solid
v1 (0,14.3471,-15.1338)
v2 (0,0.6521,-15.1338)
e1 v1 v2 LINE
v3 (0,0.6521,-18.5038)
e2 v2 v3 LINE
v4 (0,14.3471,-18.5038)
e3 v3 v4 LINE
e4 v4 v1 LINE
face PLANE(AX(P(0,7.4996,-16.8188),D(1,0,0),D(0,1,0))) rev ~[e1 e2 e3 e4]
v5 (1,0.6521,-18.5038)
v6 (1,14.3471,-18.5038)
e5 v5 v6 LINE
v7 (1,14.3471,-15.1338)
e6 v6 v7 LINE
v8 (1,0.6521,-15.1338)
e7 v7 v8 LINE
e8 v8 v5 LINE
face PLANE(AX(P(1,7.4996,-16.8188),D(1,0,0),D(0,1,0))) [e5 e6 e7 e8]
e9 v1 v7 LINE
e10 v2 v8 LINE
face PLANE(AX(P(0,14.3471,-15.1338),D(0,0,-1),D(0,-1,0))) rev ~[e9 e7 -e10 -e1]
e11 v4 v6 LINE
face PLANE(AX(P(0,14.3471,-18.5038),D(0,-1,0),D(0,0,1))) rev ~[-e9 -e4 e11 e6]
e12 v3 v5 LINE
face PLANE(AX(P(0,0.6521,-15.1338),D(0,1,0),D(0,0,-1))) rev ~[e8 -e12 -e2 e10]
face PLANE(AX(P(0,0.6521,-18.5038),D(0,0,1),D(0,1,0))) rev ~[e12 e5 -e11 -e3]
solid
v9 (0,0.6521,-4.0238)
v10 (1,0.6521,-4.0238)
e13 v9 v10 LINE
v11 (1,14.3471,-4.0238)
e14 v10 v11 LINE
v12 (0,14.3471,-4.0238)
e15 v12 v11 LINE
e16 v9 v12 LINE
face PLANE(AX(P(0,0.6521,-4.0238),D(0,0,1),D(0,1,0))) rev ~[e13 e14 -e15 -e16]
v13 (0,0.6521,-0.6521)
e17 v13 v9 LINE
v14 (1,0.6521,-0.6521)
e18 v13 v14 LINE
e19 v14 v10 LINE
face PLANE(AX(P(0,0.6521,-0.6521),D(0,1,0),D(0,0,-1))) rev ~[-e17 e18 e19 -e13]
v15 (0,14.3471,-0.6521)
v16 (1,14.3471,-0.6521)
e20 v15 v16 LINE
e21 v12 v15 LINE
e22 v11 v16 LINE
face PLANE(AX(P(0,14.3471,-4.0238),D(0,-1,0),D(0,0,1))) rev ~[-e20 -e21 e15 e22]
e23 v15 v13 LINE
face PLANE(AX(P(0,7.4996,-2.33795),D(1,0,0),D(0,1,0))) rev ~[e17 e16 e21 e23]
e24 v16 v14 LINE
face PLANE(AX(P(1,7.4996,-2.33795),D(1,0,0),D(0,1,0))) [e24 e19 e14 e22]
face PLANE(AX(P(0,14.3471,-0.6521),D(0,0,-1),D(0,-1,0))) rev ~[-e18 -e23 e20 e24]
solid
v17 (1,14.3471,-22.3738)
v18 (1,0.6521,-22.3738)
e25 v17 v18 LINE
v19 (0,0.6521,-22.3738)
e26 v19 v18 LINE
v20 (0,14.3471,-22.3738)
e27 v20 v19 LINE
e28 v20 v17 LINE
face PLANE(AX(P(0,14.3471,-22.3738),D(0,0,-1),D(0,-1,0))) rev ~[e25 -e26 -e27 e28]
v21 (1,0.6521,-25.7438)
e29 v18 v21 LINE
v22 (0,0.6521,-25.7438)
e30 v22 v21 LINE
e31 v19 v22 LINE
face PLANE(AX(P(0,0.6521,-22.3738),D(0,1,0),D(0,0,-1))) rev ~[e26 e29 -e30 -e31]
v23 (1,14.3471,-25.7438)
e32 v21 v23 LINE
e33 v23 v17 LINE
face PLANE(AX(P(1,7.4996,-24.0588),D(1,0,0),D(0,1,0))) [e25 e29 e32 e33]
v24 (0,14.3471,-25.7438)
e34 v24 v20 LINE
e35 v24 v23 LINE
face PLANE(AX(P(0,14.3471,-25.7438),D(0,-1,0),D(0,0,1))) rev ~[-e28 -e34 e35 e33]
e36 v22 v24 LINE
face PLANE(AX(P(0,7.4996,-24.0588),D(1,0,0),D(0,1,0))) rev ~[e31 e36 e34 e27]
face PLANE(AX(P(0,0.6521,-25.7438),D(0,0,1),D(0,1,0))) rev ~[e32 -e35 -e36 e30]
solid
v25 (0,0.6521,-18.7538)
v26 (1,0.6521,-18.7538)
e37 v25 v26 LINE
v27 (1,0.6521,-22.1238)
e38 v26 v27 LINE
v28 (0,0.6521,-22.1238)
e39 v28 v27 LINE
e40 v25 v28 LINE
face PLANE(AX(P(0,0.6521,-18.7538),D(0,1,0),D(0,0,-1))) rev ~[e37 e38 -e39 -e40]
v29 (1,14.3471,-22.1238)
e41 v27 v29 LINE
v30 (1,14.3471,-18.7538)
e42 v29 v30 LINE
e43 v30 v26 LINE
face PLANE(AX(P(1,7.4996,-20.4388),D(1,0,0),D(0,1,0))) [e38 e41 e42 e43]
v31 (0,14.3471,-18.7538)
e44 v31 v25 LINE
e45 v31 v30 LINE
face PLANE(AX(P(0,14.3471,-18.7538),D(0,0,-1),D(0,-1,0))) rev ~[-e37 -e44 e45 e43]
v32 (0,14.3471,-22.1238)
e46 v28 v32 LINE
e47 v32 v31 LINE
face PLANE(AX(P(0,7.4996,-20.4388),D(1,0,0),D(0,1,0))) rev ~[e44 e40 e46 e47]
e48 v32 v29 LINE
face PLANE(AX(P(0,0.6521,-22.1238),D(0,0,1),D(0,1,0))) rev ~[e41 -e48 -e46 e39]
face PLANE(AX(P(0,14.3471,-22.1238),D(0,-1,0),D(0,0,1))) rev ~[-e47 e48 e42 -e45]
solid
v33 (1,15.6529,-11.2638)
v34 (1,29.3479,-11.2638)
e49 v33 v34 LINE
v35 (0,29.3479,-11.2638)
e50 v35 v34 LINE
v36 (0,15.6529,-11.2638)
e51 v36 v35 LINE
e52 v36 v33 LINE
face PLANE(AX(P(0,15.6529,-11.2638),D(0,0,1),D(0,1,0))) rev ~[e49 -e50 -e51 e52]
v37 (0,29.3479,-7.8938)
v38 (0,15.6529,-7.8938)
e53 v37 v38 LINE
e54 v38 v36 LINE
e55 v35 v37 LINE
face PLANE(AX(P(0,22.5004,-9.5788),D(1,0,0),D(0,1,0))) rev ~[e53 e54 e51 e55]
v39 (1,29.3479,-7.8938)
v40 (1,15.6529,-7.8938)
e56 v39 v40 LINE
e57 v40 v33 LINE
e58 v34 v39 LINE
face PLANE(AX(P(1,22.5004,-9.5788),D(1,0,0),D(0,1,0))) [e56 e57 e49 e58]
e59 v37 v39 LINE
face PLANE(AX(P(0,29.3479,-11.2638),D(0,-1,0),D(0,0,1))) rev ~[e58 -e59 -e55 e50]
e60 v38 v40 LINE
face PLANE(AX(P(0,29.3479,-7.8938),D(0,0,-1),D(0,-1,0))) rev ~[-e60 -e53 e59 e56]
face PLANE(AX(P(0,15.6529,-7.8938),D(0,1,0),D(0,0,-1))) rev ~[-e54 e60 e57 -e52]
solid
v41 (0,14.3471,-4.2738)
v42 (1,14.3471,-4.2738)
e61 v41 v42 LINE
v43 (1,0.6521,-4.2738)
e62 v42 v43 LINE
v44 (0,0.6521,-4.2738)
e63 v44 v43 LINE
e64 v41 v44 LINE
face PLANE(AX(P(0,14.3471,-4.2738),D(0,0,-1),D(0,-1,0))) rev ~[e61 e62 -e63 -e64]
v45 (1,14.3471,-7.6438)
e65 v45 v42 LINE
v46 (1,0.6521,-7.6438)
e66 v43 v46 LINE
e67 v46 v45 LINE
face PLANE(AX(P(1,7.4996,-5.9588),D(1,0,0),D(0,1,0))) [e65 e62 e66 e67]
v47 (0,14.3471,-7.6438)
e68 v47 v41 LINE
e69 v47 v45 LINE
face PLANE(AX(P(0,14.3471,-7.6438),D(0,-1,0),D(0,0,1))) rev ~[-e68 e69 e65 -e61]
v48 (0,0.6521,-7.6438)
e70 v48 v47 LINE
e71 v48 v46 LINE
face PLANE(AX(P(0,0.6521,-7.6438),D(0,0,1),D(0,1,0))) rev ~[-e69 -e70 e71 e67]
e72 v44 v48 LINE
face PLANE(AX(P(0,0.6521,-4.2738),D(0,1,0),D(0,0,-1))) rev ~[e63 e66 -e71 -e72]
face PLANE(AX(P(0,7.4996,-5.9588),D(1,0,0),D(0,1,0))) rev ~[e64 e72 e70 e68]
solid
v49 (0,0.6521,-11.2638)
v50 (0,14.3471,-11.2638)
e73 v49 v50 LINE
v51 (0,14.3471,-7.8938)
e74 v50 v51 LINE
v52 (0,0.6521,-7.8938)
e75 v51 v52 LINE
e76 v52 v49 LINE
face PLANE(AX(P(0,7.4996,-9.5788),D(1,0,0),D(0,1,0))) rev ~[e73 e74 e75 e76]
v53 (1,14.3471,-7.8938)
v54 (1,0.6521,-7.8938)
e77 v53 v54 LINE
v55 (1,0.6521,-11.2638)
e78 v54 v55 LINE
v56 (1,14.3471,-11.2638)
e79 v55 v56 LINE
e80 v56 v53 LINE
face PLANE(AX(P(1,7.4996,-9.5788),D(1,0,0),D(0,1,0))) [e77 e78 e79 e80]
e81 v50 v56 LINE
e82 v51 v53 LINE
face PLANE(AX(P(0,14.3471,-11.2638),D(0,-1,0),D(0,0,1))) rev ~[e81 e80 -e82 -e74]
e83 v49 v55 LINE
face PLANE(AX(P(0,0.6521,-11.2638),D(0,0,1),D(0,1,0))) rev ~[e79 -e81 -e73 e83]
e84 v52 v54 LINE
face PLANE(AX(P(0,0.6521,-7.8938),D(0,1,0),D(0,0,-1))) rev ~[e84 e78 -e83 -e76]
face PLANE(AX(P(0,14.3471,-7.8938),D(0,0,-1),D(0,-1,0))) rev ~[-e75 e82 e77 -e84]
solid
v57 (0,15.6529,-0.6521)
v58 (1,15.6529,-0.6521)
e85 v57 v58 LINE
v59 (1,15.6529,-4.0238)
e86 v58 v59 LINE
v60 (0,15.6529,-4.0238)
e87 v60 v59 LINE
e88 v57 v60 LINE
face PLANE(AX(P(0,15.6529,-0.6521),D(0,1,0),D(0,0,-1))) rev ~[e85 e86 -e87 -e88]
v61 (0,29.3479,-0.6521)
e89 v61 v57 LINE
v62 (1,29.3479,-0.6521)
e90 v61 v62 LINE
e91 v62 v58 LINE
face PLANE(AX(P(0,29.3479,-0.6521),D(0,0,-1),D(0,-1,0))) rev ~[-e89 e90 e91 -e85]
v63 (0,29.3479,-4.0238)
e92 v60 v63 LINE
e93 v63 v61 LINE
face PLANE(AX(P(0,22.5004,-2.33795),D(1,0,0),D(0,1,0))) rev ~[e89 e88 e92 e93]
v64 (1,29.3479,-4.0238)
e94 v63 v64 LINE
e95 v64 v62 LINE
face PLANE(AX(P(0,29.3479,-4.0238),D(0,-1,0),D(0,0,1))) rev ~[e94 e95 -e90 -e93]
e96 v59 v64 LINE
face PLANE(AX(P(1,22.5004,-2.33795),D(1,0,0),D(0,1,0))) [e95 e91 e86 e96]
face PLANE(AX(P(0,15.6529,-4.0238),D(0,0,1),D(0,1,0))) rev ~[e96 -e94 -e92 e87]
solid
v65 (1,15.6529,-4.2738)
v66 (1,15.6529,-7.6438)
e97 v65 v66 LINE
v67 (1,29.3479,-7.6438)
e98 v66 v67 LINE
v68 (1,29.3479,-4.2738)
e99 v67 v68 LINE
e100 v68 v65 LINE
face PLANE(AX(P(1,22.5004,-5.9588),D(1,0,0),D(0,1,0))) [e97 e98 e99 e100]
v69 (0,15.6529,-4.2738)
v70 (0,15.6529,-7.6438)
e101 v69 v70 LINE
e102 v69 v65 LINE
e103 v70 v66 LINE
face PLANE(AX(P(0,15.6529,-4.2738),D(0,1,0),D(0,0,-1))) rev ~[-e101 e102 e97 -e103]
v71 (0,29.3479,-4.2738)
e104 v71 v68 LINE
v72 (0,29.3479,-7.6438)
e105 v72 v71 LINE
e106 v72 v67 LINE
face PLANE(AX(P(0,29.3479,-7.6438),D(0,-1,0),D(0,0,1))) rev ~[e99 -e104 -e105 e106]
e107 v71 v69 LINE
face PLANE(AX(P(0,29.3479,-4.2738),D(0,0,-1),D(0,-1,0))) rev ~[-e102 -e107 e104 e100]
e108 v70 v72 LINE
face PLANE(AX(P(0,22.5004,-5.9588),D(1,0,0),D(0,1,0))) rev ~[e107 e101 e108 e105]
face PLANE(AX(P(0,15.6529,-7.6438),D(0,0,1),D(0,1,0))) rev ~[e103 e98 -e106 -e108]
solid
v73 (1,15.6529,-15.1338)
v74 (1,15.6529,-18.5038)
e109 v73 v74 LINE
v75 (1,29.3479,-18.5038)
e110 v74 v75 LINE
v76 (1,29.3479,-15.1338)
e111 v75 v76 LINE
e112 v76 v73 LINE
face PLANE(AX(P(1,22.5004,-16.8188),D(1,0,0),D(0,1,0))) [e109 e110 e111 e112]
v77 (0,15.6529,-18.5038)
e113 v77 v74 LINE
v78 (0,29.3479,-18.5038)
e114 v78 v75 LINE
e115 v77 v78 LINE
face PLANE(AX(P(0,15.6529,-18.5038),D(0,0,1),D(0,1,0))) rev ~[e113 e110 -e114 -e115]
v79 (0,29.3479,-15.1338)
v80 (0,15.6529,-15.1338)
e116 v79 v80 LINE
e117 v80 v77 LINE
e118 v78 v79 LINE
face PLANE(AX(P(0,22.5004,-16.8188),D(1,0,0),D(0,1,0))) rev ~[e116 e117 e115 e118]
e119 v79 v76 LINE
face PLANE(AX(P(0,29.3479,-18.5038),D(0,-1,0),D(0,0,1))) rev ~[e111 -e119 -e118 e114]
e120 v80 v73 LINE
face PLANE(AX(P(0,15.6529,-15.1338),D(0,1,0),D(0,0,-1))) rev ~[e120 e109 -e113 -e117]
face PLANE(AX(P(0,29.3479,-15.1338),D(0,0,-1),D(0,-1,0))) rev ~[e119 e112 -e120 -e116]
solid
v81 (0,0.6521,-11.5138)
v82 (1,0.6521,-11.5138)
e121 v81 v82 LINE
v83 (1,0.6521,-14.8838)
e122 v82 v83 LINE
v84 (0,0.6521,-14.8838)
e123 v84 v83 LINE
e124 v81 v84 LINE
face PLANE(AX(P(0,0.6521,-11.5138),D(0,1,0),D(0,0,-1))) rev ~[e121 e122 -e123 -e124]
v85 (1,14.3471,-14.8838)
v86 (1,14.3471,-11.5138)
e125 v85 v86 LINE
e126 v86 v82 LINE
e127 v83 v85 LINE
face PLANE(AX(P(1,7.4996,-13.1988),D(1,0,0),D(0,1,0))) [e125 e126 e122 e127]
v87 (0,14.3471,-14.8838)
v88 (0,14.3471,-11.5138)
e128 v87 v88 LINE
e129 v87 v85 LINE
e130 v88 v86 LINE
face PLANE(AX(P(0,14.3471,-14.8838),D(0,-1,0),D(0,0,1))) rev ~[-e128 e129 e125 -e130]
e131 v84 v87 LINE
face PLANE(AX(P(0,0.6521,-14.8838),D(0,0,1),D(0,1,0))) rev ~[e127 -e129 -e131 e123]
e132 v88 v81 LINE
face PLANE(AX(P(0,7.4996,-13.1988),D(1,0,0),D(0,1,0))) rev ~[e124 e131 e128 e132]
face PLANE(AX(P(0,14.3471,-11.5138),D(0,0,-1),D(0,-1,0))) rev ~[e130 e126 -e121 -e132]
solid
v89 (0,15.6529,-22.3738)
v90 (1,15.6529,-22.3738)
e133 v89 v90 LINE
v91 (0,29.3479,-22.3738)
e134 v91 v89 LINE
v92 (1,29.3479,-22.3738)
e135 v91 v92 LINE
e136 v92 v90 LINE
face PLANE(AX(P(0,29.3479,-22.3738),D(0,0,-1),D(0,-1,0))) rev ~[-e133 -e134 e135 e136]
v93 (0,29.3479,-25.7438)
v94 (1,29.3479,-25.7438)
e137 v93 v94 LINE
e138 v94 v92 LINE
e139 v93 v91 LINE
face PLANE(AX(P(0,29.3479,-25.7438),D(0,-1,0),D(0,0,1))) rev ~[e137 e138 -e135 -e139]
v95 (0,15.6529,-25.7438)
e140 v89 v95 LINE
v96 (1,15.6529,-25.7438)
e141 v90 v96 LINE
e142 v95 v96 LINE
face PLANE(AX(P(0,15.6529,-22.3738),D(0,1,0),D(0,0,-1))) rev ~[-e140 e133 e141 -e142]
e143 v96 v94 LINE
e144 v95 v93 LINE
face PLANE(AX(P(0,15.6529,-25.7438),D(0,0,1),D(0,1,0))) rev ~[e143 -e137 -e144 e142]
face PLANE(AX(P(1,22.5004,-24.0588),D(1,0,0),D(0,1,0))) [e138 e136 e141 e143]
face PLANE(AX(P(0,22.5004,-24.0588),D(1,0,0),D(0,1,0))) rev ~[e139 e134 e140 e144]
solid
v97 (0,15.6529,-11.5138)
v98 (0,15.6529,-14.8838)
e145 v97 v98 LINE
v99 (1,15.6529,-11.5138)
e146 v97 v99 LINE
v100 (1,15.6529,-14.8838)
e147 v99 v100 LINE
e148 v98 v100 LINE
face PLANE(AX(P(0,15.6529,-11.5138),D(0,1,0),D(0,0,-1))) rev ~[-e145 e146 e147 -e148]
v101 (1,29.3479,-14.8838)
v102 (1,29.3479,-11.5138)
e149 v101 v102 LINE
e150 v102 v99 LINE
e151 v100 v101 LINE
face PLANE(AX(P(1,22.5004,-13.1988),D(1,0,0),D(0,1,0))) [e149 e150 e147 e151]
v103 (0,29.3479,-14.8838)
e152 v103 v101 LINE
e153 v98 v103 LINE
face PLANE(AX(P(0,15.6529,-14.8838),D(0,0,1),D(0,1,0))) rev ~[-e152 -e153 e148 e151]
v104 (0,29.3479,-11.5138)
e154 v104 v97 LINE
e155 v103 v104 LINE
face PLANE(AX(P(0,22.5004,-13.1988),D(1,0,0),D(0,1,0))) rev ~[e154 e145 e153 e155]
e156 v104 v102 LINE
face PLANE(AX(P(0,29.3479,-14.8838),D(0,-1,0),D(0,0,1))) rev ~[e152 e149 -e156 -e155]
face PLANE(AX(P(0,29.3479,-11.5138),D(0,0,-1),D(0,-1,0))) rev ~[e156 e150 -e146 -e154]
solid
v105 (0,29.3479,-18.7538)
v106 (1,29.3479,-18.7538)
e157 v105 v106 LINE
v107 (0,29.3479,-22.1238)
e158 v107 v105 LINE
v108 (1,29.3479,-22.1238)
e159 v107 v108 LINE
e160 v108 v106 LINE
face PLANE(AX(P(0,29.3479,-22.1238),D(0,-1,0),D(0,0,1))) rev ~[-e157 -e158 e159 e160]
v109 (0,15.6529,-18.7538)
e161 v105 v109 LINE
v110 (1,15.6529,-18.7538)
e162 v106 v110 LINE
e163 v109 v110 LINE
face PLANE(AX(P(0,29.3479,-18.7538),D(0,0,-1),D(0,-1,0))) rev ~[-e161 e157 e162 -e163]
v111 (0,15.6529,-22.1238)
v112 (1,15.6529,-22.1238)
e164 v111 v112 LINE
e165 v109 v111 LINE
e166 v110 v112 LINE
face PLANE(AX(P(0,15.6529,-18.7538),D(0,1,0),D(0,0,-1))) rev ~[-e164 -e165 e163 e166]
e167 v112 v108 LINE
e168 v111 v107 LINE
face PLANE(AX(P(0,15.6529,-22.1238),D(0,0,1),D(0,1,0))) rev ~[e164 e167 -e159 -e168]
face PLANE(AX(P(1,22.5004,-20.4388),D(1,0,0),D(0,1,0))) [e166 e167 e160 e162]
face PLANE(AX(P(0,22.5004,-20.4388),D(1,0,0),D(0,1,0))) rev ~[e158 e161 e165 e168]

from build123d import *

# Parameters (mm, degrees)
F1_DEPTH = 1


with BuildPart() as f1:
    # F0 (on Right) → F1 (new body)
    with BuildSketch(Plane.YZ):
        Polygon((29.3479, -22.3738), (15.6529, -22.3738), (15.6529, -23.9338), (15.6529, -24.1838), (15.6529, -25.7438), (29.3479, -25.7438), (29.3479, -24.1838), (29.3479, -23.9338), align=None)
        Polygon((29.3479, -22.1238), (29.3479, -20.5638), (29.3479, -20.3138), (29.3479, -18.7538), (15.6529, -18.7538), (15.6529, -20.3138), (15.6529, -20.5638), (15.6529, -22.1238), align=None)
        Polygon((15.6529, -15.1338), (15.6529, -16.6938), (15.6529, -16.9438), (15.6529, -18.5038), (29.3479, -18.5038), (29.3479, -16.6938), (29.3479, -15.1338), align=None)
        Polygon((29.3479, -13.0738), (29.3479, -11.5138), (15.6529, -11.5138), (15.6529, -13.0738), (15.6529, -13.3238), (15.6529, -14.8838), (29.3479, -14.8838), (29.3479, -13.3238), align=None)
        Polygon((29.3479, -9.4538), (29.3479, -7.8938), (15.6529, -7.8938), (15.6529, -9.4538), (15.6529, -9.7038), (15.6529, -11.2638), (29.3479, -11.2638), (29.3479, -9.7038), align=None)
        Polygon((29.3479, -7.6438), (29.3479, -6.0838), (29.3479, -5.8338), (29.3479, -4.2738), (15.6529, -4.2738), (15.6529, -5.8338), (15.6529, -6.0838), (15.6529, -7.6438), align=None)
        Polygon((29.3479, -2.2088), (29.3479, -0.6521), (15.6529, -0.6521), (15.6529, -2.2088), (15.6529, -2.4638), (15.6529, -4.0238), (29.3479, -4.0238), (29.3479, -2.4638), align=None)
        Polygon((14.3471, -0.6521), (0.6521, -0.6521), (0.6521, -2.2088), (0.6521, -2.4638), (0.6521, -4.0238), (14.3471, -4.0238), (14.3471, -2.4638), (14.3471, -2.2088), align=None)
        Polygon((14.3471, -4.2738), (0.6521, -4.2738), (0.6521, -5.8338), (0.6521, -6.0838), (0.6521, -7.6438), (14.3471, -7.6438), (14.3471, -6.0838), (14.3471, -5.8338), align=None)
        Polygon((14.3471, -7.8938), (0.6521, -7.8938), (0.6521, -9.4538), (0.6521, -9.7038), (0.6521, -11.2638), (14.3471, -11.2638), (14.3471, -9.7038), (14.3471, -9.4538), align=None)
        Polygon((14.3471, -11.5138), (0.6521, -11.5138), (0.6521, -13.0738), (0.6521, -13.3238), (0.6521, -14.8838), (14.3471, -14.8838), (14.3471, -13.3238), (14.3471, -13.0738), align=None)
        Polygon((14.3471, -15.1338), (0.6521, -15.1338), (0.6521, -16.6938), (0.6521, -18.5038), (14.3471, -18.5038), (14.3471, -16.9438), (14.3471, -16.6938), align=None)
        Polygon((14.3471, -18.7538), (0.6521, -18.7538), (0.6521, -20.3138), (0.6521, -20.5638), (0.6521, -22.1238), (14.3471, -22.1238), (14.3471, -20.5638), (14.3471, -20.3138), align=None)
        Polygon((14.3471, -22.3738), (0.6521, -22.3738), (0.6521, -23.9338), (0.6521, -24.1838), (0.6521, -25.7438), (14.3471, -25.7438), (14.3471, -24.1838), (14.3471, -23.9338), align=None)
    extrude(amount=F1_DEPTH)


solid = f1.part
